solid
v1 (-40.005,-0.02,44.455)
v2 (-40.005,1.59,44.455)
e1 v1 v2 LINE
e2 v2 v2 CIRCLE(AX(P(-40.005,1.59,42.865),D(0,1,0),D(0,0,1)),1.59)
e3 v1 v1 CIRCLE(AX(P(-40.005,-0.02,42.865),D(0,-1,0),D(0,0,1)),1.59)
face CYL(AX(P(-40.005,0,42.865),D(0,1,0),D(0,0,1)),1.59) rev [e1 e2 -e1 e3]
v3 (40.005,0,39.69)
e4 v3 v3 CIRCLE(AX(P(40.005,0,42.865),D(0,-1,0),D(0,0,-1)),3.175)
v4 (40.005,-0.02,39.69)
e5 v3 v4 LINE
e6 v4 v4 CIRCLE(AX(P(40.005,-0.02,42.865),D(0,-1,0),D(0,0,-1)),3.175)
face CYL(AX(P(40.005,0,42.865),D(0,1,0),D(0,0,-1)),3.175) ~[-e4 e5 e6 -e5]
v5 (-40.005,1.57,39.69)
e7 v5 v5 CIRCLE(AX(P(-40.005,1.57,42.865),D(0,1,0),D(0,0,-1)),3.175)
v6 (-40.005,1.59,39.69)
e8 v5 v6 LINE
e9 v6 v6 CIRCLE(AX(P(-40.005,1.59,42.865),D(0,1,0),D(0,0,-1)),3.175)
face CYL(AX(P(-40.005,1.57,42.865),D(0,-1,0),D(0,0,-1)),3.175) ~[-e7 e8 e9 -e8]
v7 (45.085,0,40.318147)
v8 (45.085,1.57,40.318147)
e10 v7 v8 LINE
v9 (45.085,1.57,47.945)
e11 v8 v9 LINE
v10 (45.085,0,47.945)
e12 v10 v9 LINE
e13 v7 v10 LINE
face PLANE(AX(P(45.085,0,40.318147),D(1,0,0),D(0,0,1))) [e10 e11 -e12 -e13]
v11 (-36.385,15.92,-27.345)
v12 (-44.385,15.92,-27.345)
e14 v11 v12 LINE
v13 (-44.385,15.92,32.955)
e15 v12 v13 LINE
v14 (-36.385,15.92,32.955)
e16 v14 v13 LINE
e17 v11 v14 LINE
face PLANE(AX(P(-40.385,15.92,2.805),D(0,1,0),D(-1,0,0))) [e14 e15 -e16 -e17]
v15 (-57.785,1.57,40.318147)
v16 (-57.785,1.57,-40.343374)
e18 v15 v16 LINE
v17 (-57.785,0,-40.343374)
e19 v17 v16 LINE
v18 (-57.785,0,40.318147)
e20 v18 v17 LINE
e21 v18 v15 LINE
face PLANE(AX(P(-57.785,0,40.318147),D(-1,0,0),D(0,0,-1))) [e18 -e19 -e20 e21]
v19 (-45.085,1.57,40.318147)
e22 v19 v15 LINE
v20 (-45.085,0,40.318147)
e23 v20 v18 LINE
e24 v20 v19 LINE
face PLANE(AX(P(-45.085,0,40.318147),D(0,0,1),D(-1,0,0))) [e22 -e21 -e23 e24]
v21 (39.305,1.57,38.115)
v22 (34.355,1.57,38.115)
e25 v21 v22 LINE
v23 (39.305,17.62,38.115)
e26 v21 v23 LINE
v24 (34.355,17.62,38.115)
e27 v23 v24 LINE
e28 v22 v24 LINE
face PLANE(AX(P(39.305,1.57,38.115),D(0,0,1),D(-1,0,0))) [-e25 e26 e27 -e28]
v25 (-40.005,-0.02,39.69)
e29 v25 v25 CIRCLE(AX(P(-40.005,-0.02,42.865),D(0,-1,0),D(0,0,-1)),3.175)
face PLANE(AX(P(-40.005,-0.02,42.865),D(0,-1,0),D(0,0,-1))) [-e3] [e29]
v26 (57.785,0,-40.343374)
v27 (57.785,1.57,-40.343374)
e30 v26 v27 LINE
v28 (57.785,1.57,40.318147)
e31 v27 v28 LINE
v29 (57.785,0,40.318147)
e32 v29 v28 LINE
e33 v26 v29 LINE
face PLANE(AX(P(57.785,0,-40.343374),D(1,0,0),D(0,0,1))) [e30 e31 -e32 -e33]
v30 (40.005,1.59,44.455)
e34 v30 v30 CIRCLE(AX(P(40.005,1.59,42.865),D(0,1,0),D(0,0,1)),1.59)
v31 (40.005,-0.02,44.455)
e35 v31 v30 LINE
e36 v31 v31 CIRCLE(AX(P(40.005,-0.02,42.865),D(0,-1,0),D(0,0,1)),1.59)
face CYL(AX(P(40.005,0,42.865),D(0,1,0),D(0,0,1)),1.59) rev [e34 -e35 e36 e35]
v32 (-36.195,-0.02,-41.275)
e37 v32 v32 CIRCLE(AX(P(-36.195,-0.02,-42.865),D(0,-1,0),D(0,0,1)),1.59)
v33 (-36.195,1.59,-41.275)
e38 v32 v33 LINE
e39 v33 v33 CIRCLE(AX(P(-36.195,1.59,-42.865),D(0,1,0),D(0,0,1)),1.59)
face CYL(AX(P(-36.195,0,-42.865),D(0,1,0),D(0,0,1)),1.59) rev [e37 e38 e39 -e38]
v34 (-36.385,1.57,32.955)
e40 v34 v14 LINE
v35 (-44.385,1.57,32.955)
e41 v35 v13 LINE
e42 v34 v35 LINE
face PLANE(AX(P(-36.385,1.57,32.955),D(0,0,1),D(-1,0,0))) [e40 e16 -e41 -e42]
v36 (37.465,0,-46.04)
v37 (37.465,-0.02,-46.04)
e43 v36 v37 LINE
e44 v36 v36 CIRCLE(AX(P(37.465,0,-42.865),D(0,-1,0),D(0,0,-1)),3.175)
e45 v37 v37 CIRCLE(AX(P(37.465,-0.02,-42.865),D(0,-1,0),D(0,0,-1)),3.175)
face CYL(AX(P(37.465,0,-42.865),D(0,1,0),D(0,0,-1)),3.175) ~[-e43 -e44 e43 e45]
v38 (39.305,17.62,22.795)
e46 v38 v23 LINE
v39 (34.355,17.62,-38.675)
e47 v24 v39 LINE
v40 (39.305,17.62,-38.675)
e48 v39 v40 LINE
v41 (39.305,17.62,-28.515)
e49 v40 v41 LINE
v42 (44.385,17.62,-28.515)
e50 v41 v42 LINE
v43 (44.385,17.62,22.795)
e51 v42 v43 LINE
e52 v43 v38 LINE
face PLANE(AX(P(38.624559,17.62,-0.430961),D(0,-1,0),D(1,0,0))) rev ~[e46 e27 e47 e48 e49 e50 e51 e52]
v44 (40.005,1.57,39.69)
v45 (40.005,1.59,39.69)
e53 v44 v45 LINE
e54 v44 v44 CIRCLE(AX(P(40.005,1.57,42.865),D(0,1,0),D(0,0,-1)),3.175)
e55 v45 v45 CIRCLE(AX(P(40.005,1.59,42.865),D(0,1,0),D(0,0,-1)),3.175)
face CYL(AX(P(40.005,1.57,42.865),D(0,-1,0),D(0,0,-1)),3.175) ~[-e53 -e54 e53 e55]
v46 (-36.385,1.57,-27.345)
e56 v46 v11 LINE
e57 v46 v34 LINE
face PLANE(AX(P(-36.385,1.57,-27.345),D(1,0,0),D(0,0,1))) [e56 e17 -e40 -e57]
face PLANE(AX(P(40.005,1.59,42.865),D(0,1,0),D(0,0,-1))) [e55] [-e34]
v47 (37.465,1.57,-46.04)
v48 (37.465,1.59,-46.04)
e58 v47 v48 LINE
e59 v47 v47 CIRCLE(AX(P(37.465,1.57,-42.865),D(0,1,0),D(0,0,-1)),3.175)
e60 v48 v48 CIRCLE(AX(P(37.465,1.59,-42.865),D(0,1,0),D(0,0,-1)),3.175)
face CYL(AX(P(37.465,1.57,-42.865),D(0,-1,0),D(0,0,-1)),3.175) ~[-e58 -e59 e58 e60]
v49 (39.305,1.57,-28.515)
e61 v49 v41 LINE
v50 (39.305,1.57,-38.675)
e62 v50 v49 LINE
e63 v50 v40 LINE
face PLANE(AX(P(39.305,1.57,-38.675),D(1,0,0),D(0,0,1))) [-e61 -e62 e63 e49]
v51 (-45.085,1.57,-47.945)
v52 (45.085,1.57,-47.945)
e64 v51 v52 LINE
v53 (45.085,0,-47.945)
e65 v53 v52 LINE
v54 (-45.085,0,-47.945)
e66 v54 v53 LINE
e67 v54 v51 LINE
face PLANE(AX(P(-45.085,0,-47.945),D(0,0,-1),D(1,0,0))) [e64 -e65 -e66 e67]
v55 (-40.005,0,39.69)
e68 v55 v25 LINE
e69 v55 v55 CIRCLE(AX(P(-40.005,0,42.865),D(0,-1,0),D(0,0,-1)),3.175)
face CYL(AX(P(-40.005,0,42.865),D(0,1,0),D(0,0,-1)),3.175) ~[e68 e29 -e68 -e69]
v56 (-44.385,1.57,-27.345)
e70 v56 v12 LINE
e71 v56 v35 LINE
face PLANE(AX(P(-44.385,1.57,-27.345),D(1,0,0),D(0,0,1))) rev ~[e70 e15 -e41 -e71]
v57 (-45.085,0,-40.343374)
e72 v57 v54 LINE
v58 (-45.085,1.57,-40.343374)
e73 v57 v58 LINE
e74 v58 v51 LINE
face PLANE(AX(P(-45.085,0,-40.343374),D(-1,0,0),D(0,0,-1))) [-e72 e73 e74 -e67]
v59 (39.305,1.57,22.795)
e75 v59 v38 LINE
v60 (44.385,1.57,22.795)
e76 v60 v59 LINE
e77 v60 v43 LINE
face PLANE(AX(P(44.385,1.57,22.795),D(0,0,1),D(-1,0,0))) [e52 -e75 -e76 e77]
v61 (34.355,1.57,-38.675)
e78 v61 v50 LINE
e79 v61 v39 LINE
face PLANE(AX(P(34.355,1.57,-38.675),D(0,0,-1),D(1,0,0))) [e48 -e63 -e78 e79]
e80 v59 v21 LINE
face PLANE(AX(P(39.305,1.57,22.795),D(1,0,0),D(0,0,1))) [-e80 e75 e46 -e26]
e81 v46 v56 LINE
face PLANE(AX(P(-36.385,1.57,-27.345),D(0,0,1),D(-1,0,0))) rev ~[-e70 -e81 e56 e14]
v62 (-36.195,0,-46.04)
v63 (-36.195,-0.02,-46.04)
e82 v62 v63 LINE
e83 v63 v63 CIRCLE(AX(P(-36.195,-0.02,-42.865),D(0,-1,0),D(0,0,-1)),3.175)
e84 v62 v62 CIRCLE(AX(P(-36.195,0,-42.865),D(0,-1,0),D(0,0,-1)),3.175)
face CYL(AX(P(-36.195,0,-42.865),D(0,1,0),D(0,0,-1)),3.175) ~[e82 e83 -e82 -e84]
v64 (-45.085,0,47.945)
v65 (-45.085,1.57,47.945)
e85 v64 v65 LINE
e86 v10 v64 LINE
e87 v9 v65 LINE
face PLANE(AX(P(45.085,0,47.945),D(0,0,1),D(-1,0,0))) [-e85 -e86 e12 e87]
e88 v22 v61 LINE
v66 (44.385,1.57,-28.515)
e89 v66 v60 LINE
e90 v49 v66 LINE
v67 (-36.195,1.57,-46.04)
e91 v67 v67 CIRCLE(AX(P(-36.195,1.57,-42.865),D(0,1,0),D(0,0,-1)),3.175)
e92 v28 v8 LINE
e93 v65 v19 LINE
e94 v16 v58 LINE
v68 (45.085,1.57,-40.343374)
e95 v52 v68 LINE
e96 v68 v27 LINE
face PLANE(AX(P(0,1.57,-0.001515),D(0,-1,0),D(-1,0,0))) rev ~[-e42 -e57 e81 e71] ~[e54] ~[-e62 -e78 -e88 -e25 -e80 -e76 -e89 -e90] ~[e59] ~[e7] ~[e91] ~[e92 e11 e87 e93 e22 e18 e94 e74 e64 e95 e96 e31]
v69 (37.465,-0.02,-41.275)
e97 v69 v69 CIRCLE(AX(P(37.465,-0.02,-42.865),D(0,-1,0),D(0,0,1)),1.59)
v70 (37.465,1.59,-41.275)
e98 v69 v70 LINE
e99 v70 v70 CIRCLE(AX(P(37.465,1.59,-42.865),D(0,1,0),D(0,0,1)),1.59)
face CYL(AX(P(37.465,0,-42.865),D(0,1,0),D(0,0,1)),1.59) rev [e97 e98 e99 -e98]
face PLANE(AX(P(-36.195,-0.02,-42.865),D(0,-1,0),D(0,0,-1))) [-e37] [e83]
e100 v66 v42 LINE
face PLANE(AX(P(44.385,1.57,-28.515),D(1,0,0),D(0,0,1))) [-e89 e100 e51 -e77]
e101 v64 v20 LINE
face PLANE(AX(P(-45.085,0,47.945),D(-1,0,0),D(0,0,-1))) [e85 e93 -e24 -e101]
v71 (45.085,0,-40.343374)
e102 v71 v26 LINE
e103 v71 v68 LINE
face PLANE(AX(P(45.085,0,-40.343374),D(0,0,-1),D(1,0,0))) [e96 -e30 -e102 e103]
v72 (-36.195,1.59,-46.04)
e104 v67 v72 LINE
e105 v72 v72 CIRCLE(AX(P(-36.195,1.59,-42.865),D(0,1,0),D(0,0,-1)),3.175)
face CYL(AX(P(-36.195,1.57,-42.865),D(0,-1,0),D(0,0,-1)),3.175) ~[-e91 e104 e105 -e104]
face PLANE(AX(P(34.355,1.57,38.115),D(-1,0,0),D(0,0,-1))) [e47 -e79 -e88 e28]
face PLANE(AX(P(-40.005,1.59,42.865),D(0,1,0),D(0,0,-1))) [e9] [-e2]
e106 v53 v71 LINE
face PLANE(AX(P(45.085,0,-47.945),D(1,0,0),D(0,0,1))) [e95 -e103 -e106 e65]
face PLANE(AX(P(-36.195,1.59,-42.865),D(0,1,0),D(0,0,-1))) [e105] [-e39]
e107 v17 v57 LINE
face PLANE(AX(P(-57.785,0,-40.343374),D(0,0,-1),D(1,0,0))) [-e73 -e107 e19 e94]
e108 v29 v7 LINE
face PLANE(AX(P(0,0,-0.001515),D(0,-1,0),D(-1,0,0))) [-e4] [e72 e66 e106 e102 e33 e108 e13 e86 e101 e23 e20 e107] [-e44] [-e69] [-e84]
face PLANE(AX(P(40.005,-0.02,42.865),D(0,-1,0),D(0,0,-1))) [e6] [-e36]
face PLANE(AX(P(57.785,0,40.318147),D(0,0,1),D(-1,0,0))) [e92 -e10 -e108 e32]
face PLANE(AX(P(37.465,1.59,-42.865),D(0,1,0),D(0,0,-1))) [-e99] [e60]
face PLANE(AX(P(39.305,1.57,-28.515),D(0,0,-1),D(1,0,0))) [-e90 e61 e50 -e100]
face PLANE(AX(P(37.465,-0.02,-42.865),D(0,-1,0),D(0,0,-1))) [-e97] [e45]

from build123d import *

# Parameters (mm, degrees)
BASE_EXTRUDE_DEPTH   = 1.57
SKETCH2_R            = 1.59
MOUNTING_HOLES_DEPTH = 76.101891787
SKETCH3_R            = 3.175
SKETCH3_R_2          = 1.59
TOP_PADS_DEPTH       = 0.02
SKETCH4_R            = 3.175
SKETCH4_R_2          = 1.59
BOTT_PADS_DEPTH      = 0.02
ISA_CNCT_DEPTH       = 16.05
SKETCH6_W            = 8
SKETCH6_H            = 60.3
PCI_CNCT_DEPTH       = 14.35


with BuildPart() as part:
    # Sketch1 → Base-Extrude (new body)
    with BuildSketch(Plane(origin=(0, 0, 0), x_dir=(1, 0, 0), z_dir=(0, 1, 0))):
        Polygon((-45.085, 47.945), (45.085, 47.945), (45.085, 40.343374485), (57.785, 40.343374485), (57.785, -40.318146652), (45.085, -40.318146652), (45.085, -47.945), (-45.085, -47.945), (-45.085, -40.318146652), (-57.785, -40.318146652), (-57.785, 40.343374485), (-45.085, 40.343374485), align=None)
    extrude(amount=BASE_EXTRUDE_DEPTH)

    # Sketch2 → Mounting Holes (cut, through all)
    with BuildSketch(Plane(origin=(0, 1.57, 0), x_dir=(-1, 0, 0), z_dir=(0, 1, 0))):
        with Locations(Location((36.195, -42.865, 0), (0, 0, 90))):
            Circle(SKETCH2_R)
        with Locations(Location((40.005, 42.865, 0), (0, 0, 90))):
            Circle(SKETCH2_R)
        with Locations(Location((-40.005, 42.865, 0), (0, 0, 90))):
            Circle(SKETCH2_R)
        with Locations(Location((-37.465, -42.865, 0), (0, 0, 90))):
            Circle(SKETCH2_R)
    extrude(amount=-MOUNTING_HOLES_DEPTH, mode=Mode.SUBTRACT)

    # Sketch3 → Top Pads (add)
    with BuildSketch(Plane(origin=(0, 1.57, 0), x_dir=(-1, 0, 0), z_dir=(0, 1, 0))):
        with Locations(Location((36.195, -42.865, 0), (0, 0, 270))):
            Circle(SKETCH3_R)
        with Locations(Location((36.195, -42.865, 0), (0, 0, 90))):
            Circle(SKETCH3_R_2, mode=Mode.SUBTRACT)
        with Locations(Location((-37.465, -42.865, 0), (0, 0, 270))):
            Circle(SKETCH3_R)
        with Locations(Location((-37.465, -42.865, 0), (0, 0, 90))):
            Circle(SKETCH3_R_2, mode=Mode.SUBTRACT)
        with Locations(Location((-40.005, 42.865, 0), (0, 0, 270))):
            Circle(SKETCH3_R)
        with Locations(Location((-40.005, 42.865, 0), (0, 0, 90))):
            Circle(SKETCH3_R_2, mode=Mode.SUBTRACT)
        with Locations(Location((40.005, 42.865, 0), (0, 0, 270))):
            Circle(SKETCH3_R)
        with Locations(Location((40.005, 42.865, 0), (0, 0, 90))):
            Circle(SKETCH3_R_2, mode=Mode.SUBTRACT)
    extrude(amount=TOP_PADS_DEPTH)

    # Sketch4 → Bott Pads (add)
    with BuildSketch(Plane.XZ):
        with Locations(Location((-36.195, -42.865, 0), (0, 0, 270))):
            Circle(SKETCH4_R)
        with Locations(Location((-36.195, -42.865, 0), (0, 0, 90))):
            Circle(SKETCH4_R_2, mode=Mode.SUBTRACT)
        with Locations(Location((37.465, -42.865, 0), (0, 0, 270))):
            Circle(SKETCH4_R)
        with Locations(Location((37.465, -42.865, 0), (0, 0, 90))):
            Circle(SKETCH4_R_2, mode=Mode.SUBTRACT)
        with Locations(Location((40.005, 42.865, 0), (0, 0, 270))):
            Circle(SKETCH4_R)
        with Locations(Location((40.005, 42.865, 0), (0, 0, 90))):
            Circle(SKETCH4_R_2, mode=Mode.SUBTRACT)
        with Locations(Location((-40.005, 42.865, 0), (0, 0, 270))):
            Circle(SKETCH4_R)
        with Locations(Location((-40.005, 42.865, 0), (0, 0, 90))):
            Circle(SKETCH4_R_2, mode=Mode.SUBTRACT)
    extrude(amount=BOTT_PADS_DEPTH)

    # Sketch5 → ISA Cnct (add)
    with BuildSketch(Plane(origin=(0, 1.57, 0), x_dir=(-1, 0, 0), z_dir=(0, 1, 0))):
        Polygon((-39.305, 22.795), (-39.305, 38.115), (-34.355, 38.115), (-34.355, -38.675), (-39.305, -38.675), (-39.305, -28.515), (-44.385, -28.515), (-44.385, 22.795), align=None)
    extrude(amount=ISA_CNCT_DEPTH)

    # Sketch6 → PCI Cnct (add)
    with BuildSketch(Plane(origin=(0, 1.57, 0), x_dir=(-1, 0, 0), z_dir=(0, 1, 0))):
        with Locations((40.385, 2.805)):
            Rectangle(SKETCH6_W, SKETCH6_H)
    extrude(amount=PCI_CNCT_DEPTH)


solid = part.part
